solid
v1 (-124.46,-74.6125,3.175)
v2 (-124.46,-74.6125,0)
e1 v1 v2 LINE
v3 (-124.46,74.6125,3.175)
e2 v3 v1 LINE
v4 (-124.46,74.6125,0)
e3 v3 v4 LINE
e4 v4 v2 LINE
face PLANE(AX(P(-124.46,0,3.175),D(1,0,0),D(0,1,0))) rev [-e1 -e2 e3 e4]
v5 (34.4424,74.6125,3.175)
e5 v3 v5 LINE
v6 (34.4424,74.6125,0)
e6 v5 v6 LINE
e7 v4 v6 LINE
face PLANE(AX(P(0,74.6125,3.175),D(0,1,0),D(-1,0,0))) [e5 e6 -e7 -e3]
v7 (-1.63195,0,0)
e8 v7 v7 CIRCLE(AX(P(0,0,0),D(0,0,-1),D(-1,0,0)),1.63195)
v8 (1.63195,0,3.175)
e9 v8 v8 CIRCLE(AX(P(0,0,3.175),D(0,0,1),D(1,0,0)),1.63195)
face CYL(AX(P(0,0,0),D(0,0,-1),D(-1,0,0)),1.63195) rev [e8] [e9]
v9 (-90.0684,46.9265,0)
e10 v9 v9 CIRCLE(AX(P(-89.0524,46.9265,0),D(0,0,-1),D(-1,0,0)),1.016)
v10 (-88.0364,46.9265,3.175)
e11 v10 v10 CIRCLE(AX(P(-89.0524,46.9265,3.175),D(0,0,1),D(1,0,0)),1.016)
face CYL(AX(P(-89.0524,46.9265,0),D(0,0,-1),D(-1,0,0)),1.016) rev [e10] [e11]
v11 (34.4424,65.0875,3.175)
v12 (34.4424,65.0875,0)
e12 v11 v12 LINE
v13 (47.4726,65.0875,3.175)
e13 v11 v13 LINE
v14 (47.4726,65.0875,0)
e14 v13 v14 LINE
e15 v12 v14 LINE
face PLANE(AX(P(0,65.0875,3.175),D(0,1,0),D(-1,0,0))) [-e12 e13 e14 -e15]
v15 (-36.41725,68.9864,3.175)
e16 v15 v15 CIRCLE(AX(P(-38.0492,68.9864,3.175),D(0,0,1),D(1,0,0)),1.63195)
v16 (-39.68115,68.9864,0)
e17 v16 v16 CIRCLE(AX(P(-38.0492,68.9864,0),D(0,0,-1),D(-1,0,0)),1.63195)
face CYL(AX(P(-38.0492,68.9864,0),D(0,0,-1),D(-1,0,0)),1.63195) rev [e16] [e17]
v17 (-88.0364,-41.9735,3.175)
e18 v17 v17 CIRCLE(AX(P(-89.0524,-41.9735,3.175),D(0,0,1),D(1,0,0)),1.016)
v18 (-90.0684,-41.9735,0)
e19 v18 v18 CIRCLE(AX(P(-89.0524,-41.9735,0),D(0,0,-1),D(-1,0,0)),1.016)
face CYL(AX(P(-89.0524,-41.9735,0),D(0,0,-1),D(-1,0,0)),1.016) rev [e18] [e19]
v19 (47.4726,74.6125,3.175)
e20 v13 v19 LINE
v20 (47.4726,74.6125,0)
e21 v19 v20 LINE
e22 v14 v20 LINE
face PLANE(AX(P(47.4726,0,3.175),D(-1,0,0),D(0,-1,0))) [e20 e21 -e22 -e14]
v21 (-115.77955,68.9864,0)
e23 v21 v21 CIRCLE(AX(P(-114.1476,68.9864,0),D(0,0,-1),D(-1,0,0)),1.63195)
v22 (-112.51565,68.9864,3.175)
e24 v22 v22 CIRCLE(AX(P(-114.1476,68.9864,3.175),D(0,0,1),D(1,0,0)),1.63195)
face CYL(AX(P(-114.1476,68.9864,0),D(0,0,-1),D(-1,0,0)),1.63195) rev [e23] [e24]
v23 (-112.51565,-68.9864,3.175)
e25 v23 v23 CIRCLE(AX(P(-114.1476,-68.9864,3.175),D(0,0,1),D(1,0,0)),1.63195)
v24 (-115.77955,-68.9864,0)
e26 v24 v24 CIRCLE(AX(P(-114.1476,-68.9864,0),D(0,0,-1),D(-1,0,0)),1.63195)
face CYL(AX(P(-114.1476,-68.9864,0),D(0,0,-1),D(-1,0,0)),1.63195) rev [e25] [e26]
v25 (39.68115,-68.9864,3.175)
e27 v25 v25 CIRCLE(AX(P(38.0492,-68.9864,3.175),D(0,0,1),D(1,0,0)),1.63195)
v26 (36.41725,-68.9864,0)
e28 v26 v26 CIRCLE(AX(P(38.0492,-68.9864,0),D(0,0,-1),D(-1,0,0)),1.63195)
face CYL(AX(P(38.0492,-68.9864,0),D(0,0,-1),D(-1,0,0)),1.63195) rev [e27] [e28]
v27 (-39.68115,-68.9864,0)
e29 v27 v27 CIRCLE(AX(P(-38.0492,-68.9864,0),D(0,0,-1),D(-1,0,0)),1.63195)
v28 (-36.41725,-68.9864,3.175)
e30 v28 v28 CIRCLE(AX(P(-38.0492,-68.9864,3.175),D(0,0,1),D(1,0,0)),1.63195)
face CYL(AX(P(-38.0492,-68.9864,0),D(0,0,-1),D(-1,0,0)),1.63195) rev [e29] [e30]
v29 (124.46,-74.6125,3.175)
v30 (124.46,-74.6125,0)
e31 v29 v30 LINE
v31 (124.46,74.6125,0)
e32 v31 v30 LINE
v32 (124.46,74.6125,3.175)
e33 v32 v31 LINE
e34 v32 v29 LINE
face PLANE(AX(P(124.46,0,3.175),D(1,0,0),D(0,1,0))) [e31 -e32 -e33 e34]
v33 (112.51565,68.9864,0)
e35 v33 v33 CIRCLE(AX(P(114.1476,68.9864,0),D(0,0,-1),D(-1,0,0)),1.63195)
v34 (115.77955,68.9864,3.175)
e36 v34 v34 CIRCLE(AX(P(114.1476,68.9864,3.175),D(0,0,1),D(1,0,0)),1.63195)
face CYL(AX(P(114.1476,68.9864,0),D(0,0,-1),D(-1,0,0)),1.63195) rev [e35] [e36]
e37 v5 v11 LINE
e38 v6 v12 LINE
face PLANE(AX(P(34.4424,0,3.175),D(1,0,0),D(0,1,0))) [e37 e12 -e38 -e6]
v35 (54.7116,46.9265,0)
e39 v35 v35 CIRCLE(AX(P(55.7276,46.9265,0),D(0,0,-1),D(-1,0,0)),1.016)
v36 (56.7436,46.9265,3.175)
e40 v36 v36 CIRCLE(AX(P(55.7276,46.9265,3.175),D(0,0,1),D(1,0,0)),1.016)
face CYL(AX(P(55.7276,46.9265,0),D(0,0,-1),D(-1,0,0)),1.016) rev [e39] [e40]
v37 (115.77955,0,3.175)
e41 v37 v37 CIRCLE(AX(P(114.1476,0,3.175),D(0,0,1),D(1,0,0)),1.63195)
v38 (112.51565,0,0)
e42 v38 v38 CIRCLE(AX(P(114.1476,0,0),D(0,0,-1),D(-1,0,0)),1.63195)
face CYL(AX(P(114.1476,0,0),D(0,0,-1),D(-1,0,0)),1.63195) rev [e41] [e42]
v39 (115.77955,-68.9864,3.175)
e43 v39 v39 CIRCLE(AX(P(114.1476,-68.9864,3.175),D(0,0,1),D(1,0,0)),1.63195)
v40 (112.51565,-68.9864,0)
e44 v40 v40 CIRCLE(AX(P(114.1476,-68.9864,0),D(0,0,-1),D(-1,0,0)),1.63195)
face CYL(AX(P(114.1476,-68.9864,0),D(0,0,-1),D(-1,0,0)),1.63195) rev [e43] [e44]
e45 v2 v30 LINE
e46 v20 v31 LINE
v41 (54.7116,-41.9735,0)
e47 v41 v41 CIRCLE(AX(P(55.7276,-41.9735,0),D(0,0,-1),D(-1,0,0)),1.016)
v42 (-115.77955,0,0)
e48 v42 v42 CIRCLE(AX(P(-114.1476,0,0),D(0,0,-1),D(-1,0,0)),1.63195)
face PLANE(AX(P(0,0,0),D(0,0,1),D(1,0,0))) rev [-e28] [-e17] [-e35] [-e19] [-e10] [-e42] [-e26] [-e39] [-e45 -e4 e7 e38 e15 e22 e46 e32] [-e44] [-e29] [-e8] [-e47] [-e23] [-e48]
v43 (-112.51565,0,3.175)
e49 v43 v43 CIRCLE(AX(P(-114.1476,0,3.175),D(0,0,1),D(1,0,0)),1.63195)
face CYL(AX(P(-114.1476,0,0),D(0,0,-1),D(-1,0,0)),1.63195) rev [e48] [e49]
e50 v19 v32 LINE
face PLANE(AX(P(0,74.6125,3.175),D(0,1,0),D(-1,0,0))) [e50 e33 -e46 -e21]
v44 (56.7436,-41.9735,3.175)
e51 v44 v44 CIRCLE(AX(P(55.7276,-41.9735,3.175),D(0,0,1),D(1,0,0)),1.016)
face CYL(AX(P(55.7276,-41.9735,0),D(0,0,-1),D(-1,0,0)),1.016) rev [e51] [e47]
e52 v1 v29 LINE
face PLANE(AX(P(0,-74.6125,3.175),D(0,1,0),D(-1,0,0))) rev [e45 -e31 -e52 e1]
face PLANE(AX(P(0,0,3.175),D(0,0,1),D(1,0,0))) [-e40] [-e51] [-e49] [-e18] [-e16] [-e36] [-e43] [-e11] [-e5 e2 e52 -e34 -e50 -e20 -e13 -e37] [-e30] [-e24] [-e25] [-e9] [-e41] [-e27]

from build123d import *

# Parameters (mm, degrees)
BOSS_EXTRUDE1_DEPTH       = 3.175
F_4_CLEARANCE_HOLE1_D     = 3.2639
F_4_CLEARANCE_HOLE1_DEPTH = 56.388
F_4_CLEARANCE_HOLE1_TIP   = 0.980574487
F_4_40_TAPPED_HOLE1_D     = 2.032
F_4_40_TAPPED_HOLE1_DEPTH = 7.62
F_4_40_TAPPED_HOLE1_TIP   = 0.610474389


with BuildPart() as part:
    # Sketch1 → Boss-Extrude1 (new body)
    with BuildSketch(Plane.XY):
        Polygon((34.4424, 65.0875), (34.4424, 74.6125), (-124.46, 74.6125), (-124.46, -74.6125), (124.46, -74.6125), (124.46, 74.6125), (47.4726, 74.6125), (47.4726, 65.0875), align=None)
    extrude(amount=BOSS_EXTRUDE1_DEPTH)

    # #4 Clearance Hole1
    with Locations(Plane(origin=(0, 0, 0), x_dir=(-1, 0, 0), z_dir=(0, 0, -1))):
        with Locations((114.1476, -68.9864), (-114.1476, -68.9864), (-114.1476, 68.9864), (114.1476, 68.9864), (114.1476, 0), (-114.1476, 0), (38.0492, 68.9864), (-38.0492, 68.9864), (-38.0492, -68.9864), (38.0492, -68.9864), (0, 0)):
            Hole(F_4_CLEARANCE_HOLE1_D / 2, depth=F_4_CLEARANCE_HOLE1_DEPTH)
            with Locations((0, 0, -(F_4_CLEARANCE_HOLE1_DEPTH + F_4_CLEARANCE_HOLE1_TIP / 2))):  # 118° drill point
                Cone(0, F_4_CLEARANCE_HOLE1_D / 2, F_4_CLEARANCE_HOLE1_TIP, mode=Mode.SUBTRACT)

    # #4-40 Tapped Hole1
    with Locations(Plane(origin=(0, 0, 0), x_dir=(-1, 0, 0), z_dir=(0, 0, -1))):
        with Locations((-55.7276, -41.9735), (-55.7276, 46.9265), (89.0524, 46.9265), (89.0524, -41.9735)):
            Hole(F_4_40_TAPPED_HOLE1_D / 2, depth=F_4_40_TAPPED_HOLE1_DEPTH)
            with Locations((0, 0, -(F_4_40_TAPPED_HOLE1_DEPTH + F_4_40_TAPPED_HOLE1_TIP / 2))):  # 118° drill point
                Cone(0, F_4_40_TAPPED_HOLE1_D / 2, F_4_40_TAPPED_HOLE1_TIP, mode=Mode.SUBTRACT)


solid = part.part
